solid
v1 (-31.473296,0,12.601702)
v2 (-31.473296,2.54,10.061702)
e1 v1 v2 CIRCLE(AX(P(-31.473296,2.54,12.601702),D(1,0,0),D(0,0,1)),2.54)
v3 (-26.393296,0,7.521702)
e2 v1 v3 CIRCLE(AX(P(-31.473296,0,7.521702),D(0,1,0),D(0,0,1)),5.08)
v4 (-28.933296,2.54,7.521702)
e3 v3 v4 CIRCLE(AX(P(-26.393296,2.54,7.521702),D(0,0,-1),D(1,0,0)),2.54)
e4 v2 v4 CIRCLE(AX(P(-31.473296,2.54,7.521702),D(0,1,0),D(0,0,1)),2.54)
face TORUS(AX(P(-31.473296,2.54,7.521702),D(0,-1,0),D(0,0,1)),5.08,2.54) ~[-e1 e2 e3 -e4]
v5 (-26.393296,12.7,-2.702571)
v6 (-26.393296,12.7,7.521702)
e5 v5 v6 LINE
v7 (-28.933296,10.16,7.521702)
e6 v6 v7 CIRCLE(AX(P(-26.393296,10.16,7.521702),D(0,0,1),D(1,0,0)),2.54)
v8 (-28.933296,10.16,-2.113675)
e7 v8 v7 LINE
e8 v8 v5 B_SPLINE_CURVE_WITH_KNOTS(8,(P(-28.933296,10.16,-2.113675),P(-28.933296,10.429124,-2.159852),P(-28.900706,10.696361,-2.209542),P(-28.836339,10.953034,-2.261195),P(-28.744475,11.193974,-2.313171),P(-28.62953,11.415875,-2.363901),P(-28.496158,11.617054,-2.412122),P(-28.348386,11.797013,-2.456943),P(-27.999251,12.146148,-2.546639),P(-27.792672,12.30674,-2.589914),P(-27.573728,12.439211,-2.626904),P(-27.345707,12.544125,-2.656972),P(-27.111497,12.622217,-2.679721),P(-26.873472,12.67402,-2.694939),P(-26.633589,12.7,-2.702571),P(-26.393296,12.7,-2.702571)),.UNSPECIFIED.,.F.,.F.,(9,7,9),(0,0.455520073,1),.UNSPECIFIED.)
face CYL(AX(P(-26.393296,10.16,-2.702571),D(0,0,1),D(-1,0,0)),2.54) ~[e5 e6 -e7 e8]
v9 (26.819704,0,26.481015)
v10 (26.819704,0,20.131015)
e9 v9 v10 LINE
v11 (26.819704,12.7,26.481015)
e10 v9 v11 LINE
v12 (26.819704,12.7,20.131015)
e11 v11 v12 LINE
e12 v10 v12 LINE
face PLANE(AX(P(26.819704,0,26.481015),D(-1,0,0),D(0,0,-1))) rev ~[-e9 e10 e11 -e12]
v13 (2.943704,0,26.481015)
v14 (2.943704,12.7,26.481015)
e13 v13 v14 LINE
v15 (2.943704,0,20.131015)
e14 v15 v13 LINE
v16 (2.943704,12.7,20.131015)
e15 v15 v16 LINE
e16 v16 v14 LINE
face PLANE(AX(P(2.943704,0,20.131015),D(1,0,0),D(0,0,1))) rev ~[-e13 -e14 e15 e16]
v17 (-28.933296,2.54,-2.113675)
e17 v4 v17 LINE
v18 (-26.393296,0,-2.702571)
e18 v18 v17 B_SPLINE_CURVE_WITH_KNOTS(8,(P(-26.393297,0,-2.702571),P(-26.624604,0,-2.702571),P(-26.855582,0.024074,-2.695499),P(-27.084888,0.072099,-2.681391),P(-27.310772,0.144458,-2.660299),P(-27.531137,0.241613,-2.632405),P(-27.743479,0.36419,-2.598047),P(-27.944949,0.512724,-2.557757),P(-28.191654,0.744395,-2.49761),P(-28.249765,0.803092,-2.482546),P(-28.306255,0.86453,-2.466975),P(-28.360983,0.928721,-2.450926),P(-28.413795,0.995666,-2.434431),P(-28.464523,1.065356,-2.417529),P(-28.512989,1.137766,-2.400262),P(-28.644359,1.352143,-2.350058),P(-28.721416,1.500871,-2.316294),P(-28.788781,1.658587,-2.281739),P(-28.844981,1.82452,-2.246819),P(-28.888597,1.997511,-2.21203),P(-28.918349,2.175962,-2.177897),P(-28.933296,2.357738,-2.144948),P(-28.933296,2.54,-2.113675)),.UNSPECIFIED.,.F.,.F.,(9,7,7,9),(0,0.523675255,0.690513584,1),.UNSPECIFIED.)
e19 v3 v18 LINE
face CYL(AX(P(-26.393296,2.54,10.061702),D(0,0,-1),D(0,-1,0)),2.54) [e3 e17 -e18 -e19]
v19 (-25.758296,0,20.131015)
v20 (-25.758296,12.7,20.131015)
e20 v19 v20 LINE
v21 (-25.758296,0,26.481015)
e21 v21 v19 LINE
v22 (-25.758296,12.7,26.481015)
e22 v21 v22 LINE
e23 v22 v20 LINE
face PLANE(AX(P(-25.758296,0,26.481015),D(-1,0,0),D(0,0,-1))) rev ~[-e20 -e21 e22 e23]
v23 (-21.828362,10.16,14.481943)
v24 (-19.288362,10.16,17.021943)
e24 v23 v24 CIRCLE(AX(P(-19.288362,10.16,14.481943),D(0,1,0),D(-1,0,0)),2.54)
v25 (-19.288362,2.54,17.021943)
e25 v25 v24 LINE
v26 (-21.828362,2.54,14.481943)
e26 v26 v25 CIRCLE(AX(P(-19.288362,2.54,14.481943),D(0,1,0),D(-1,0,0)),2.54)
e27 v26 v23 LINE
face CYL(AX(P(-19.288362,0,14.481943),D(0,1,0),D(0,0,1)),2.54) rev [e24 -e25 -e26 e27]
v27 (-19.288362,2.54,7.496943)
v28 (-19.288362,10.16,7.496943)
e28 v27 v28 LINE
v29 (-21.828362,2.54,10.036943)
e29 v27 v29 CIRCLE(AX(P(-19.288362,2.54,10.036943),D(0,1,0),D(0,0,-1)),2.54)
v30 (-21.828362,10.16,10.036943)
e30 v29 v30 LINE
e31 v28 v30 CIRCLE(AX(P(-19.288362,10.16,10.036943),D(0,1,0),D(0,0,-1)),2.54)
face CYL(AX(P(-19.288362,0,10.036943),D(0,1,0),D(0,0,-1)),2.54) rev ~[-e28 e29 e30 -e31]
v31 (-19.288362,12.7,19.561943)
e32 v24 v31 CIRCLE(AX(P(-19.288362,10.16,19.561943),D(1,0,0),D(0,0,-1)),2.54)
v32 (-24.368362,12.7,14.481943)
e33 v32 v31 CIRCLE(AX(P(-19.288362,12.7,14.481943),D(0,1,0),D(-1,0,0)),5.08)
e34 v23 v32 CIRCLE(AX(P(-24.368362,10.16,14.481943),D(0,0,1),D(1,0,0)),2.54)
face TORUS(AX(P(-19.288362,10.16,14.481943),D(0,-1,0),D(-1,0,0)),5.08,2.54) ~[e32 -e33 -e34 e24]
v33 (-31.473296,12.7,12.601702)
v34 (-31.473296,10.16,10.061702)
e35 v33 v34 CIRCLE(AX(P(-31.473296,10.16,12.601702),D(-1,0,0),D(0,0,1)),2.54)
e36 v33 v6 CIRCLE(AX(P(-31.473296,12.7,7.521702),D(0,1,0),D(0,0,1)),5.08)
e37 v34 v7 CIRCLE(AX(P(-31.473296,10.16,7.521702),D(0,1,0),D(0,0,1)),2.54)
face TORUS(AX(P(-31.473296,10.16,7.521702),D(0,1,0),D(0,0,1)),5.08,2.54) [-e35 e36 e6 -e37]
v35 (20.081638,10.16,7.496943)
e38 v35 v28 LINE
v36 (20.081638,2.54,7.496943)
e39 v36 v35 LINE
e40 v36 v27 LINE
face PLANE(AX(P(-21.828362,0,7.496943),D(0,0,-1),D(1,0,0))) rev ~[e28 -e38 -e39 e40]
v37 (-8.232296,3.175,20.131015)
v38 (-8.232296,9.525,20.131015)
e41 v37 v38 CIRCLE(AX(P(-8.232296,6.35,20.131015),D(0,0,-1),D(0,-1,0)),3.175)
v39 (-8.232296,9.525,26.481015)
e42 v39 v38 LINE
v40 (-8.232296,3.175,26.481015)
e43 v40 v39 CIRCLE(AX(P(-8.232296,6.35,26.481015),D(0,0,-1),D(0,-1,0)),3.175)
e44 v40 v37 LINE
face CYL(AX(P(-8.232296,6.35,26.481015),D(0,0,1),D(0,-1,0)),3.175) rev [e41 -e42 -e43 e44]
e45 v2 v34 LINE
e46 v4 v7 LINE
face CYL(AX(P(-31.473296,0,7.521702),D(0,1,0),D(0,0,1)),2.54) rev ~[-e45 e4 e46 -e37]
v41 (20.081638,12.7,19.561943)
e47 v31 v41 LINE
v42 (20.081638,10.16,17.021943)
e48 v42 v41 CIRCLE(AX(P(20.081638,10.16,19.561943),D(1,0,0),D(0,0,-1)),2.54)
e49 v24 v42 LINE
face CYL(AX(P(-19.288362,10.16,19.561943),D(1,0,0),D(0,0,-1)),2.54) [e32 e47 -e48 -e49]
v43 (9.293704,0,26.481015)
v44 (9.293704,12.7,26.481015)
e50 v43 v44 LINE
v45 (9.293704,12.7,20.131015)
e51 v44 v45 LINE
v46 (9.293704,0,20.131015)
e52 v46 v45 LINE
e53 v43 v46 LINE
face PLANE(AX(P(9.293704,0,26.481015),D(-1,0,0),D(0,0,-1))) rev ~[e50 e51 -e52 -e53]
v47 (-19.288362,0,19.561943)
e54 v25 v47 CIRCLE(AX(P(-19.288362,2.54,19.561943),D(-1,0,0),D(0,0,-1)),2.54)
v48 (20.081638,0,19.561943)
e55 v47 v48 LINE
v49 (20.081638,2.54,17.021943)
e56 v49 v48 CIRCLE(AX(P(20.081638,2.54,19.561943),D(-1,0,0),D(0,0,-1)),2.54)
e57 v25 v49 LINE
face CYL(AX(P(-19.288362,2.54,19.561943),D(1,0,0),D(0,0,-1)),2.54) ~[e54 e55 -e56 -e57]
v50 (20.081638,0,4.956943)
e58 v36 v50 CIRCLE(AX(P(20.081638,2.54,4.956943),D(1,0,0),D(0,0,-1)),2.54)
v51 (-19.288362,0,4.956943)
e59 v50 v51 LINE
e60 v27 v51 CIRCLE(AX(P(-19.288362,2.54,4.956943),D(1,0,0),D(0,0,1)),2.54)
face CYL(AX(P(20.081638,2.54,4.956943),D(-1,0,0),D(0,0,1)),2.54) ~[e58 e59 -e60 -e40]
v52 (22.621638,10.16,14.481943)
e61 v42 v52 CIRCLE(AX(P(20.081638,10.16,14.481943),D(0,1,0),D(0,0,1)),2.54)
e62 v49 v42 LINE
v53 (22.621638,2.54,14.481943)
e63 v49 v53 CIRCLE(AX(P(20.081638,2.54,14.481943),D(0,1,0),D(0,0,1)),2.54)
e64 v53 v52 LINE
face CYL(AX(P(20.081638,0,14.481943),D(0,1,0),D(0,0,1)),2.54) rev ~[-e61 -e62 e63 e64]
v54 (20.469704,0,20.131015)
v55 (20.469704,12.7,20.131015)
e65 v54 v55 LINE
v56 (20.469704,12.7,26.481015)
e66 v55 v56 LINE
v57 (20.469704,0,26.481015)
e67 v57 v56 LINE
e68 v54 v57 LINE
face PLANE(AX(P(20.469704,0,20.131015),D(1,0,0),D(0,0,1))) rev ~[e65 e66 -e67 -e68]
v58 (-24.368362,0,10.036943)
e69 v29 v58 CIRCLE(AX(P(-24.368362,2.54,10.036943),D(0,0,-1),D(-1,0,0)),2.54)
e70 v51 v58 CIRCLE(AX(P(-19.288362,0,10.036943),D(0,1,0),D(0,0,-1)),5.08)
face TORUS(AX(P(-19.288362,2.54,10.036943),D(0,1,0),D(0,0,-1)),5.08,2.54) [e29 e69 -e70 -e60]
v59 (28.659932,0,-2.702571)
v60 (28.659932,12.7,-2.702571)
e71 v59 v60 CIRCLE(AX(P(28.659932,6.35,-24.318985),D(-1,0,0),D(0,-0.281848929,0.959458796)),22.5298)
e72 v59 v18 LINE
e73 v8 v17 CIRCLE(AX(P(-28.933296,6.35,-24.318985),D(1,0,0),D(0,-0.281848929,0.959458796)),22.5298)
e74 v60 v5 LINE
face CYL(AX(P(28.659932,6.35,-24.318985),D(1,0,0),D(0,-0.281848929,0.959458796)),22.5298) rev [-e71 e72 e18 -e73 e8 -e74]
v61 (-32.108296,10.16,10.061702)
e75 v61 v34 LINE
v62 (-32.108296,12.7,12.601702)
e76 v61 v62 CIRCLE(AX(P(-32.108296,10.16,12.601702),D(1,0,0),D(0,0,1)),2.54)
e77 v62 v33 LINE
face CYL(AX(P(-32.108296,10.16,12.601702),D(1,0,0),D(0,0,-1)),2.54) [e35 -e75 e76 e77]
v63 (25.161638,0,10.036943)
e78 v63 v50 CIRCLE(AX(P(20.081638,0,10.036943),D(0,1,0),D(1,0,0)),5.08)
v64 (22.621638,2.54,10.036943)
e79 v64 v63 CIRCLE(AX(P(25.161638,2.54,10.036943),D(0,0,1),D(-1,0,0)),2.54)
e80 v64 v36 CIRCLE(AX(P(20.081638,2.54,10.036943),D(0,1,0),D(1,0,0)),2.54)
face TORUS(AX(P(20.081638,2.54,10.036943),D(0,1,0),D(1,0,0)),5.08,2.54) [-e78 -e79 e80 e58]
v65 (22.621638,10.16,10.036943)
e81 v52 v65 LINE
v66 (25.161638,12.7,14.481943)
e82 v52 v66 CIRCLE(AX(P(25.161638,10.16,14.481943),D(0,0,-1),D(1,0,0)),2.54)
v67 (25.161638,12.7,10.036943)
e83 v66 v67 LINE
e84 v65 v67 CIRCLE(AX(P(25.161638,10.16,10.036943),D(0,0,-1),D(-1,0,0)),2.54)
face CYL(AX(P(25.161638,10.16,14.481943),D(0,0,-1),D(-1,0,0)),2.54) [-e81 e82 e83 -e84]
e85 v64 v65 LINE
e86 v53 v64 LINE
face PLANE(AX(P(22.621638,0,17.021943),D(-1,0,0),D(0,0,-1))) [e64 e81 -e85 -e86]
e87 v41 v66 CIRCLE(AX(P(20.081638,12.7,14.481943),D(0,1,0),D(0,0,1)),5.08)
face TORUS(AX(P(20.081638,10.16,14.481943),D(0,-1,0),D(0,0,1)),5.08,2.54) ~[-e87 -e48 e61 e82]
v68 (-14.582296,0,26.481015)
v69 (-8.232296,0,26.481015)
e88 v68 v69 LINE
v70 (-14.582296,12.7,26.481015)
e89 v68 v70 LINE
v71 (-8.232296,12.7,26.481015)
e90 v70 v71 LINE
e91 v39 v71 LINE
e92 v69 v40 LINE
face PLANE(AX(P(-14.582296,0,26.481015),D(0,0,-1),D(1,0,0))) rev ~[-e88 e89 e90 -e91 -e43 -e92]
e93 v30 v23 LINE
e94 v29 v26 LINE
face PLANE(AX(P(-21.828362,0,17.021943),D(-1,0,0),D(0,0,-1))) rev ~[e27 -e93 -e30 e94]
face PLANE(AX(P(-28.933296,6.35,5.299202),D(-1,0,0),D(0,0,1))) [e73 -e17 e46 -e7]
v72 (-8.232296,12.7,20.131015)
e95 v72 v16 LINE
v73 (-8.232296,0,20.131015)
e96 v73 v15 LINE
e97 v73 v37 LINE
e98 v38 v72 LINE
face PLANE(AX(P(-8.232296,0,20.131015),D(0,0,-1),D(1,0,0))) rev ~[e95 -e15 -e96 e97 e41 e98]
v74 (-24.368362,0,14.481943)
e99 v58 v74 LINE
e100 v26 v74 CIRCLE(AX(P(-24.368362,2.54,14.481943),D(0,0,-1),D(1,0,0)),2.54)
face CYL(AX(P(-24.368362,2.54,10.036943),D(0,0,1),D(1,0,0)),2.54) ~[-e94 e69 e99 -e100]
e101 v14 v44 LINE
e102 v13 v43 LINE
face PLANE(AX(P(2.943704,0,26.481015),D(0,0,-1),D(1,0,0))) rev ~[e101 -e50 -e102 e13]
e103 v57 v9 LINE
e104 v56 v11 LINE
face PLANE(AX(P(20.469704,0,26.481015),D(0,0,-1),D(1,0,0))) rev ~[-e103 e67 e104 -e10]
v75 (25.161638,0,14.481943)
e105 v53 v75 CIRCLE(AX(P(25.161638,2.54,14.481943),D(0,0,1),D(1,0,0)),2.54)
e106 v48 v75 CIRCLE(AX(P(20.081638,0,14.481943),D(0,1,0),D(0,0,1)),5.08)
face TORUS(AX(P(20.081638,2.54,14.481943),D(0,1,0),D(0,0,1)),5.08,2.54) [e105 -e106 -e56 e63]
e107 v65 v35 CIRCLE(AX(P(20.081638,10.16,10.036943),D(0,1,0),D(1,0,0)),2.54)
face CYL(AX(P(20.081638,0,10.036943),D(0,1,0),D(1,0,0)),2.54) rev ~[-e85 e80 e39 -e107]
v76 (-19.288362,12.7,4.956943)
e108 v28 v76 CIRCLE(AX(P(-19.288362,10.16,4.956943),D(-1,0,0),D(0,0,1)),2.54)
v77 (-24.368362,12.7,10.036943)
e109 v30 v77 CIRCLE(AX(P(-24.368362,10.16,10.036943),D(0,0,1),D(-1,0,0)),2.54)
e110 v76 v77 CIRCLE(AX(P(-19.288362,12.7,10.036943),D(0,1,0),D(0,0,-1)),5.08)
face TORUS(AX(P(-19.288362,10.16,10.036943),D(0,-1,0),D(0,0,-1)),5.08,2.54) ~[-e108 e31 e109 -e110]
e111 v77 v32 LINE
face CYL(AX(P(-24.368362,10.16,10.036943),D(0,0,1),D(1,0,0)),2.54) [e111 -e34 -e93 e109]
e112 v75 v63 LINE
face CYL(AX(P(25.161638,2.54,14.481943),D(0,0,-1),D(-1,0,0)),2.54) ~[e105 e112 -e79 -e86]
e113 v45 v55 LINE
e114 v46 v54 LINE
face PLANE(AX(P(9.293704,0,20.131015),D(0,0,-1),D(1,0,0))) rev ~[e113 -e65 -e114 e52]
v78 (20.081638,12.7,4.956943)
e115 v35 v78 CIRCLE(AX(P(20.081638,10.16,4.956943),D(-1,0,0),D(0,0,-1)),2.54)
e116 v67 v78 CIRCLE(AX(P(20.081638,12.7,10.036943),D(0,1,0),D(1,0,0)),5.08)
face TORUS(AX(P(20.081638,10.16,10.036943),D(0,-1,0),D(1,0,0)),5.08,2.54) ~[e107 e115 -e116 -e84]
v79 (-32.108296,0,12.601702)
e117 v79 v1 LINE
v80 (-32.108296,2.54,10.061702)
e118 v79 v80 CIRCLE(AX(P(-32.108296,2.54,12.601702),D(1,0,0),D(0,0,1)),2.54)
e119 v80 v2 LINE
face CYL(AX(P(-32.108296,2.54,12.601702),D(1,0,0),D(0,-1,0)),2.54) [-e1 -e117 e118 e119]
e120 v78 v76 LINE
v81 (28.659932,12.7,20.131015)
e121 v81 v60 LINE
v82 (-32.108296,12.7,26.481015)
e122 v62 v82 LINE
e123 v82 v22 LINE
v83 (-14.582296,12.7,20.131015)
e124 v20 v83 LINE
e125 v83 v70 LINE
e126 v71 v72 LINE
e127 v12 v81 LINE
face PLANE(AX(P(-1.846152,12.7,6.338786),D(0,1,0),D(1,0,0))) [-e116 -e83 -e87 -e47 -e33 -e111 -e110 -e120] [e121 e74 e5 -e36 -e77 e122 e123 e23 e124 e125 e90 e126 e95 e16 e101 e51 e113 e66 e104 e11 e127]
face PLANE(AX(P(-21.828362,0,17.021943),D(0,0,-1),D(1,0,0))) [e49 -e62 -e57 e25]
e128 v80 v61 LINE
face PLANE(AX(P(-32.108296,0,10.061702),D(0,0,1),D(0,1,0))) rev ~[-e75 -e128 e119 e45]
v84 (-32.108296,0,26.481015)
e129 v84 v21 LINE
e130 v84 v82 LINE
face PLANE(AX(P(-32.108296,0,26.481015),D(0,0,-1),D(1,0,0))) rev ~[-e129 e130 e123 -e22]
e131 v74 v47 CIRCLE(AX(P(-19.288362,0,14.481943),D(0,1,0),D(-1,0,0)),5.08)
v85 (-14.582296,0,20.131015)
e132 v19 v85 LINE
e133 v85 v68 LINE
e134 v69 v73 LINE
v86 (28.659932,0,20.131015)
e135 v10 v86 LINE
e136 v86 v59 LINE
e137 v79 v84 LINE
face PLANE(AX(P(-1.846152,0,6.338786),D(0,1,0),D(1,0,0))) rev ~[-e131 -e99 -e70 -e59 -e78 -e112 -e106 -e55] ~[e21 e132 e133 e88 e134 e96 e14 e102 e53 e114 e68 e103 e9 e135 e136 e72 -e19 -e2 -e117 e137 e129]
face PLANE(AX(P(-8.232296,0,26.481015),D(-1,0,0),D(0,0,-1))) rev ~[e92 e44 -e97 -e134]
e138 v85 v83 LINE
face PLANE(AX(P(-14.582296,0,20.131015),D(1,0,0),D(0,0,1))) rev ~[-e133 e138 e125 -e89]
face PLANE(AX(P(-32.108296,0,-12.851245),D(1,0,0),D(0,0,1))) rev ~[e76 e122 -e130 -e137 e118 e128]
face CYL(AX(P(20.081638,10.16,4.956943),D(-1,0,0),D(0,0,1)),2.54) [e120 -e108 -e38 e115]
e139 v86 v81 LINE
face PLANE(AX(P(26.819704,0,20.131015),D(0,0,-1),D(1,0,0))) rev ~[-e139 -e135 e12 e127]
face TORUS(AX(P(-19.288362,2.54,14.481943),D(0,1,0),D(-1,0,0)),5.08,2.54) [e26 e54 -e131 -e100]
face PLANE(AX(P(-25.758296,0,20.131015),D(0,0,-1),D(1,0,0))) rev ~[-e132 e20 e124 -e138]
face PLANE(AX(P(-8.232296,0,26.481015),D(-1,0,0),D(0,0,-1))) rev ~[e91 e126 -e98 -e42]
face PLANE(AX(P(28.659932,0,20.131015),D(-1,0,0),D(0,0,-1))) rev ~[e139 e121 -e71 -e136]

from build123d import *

# Parameters (mm, degrees)
SKETCH1_W           = 44.45
SKETCH1_H           = 9.525
BOSS_EXTRUDE1_DEPTH = 12.7
FILLET1_R           = 2.54
FILLET2_R           = 2.54
CUT_EXTRUDE2_DEPTH  = 6.35
CUT_EXTRUDE6_DEPTH  = 68.493049433
CUT_EXTRUDE7_DEPTH  = 3.175
SKETCH5_W           = 9.525
SKETCH5_H           = 12.7
CUT_EXTRUDE8_DEPTH  = 3.175
FILLET3_R           = 2.54


with BuildPart() as part:
    # Sketch1 → Boss-Extrude1 (new body)
    with BuildSketch(Plane(origin=(0, 0, 0), x_dir=(1, 0, 0), z_dir=(0, 1, 0))):
        Polygon((26.819703528, -20.131014632), (28.659931952, -20.131014632), (28.659931952, 17.968985368), (-28.898317878, 17.968985368), (-28.898317878, 12.851244956), (-32.108296472, 12.851244956), (-32.108296472, -20.131014632), (-32.108296472, -26.481014632), (-25.758296472, -26.481014632), (-25.758296472, -20.131014632), (-14.582296472, -20.131014632), (-14.582296472, -26.481014632), (-8.232296472, -26.481014632), (-8.232296472, -20.131014632), (2.943703528, -20.131014632), (2.943703528, -26.481014632), (9.293703528, -26.481014632), (9.293703528, -20.131014632), (20.469703528, -20.131014632), (20.469703528, -26.481014632), (26.819703528, -26.481014632), align=None)
        with Locations((0.396638353, -12.259443339)):
            Rectangle(SKETCH1_W, SKETCH1_H, mode=Mode.SUBTRACT)
    extrude(amount=BOSS_EXTRUDE1_DEPTH)

    # Fillet1
    fillet1_edges = [part.edges().sort_by_distance(p)[0] for p in [
        (22.621638353, 6.35, 17.021943339),
        (22.621638353, 6.35, 7.496943339),
        (-21.828361647, 6.35, 7.496943339),
        (-21.828361647, 6.35, 17.021943339),
    ]]
    fillet(fillet1_edges, radius=FILLET1_R)

    # Fillet2
    fillet2_edges = [part.edges().sort_by_distance(p)[0] for p in [
        (0.396638353, 0, 17.021943339),
        (0.396638353, 12.7, 17.021943339),
        (22.621638353, 0, 12.259443339),
        (22.621638353, 12.7, 12.259443339),
        (0.396638353, 0, 7.496943339),
        (0.396638353, 12.7, 7.496943339),
        (-21.828361647, 0, 12.259443339),
        (-21.828361647, 12.7, 12.259443339),
        (21.877689577, 0, 16.277994563),
        (21.877689577, 12.7, 16.277994563),
        (21.877689577, 0, 8.240892115),
        (21.877689577, 12.7, 8.240892115),
        (-21.084412871, 0, 8.240892115),
        (-21.084412871, 12.7, 8.240892115),
        (-21.084412871, 0, 16.277994563),
        (-21.084412871, 12.7, 16.277994563),
    ]]
    fillet(fillet2_edges, radius=FILLET2_R)

    # Sketch3 → Cut-Extrude2 (cut)
    with BuildSketch(Plane.XY.offset(26.481014632)):
        with BuildLine():
            Line((-8.232296472, 9.525), (-8.232296472, 3.175))
            ThreePointArc((-8.232296472, 3.175), (-11.407296472, 6.35), (-8.232296472, 9.525))
        make_face()
    extrude(amount=-CUT_EXTRUDE2_DEPTH, mode=Mode.SUBTRACT)

    # Sketch2 → Cut-Extrude6 (cut, through all)
    with BuildSketch(Plane(origin=(28.659931952, 0, 0), x_dir=(0, 0, -1), z_dir=(1, 0, 0))):
        with BuildLine():
            Line((2.702570586, 12.7), (17.968985368, 12.7))
            Line((17.968985368, 12.7), (17.968985368, 0))
            Line((17.968985368, 0), (2.702570586, 0))
            ThreePointArc((2.702570586, 0), (1.789185368, 6.35), (2.702570586, 12.7))
        make_face()
    extrude(amount=-CUT_EXTRUDE6_DEPTH, mode=Mode.SUBTRACT)

    # Sketch4 → Cut-Extrude7 (cut)
    with BuildSketch(Plane.ZY.offset(32.108296472)):
        with BuildLine():
            Line((0.536702432, 0), (-10.240735591, 0))
            Line((-10.240735591, 0), (-10.240735591, 12.7))
            Line((-10.240735591, 12.7), (0.536702432, 12.7))
            ThreePointArc((0.536702432, 12.7), (1.335014632, 6.35), (0.536702432, 0))
        make_face()
    extrude(amount=-CUT_EXTRUDE7_DEPTH, mode=Mode.SUBTRACT)

    # Sketch5 → Cut-Extrude8 (cut)
    with BuildSketch(Plane.ZY.offset(32.108296472)):
        with Locations((5.299202432, 6.35)):
            Rectangle(SKETCH5_W, SKETCH5_H)
    extrude(amount=-CUT_EXTRUDE8_DEPTH, mode=Mode.SUBTRACT)

    # Fillet3
    fillet3_edges = [part.edges().sort_by_distance(p)[0] for p in [
        (-28.933296472, 0, 3.679565923),
        (-28.933296472, 12.7, 3.679565923),
        (-28.933296472, 6.35, 10.061702432),
        (-30.520796472, 12.7, 10.061702432),
        (-30.520796472, 0, 10.061702432),
    ]]
    fillet(fillet3_edges, radius=FILLET3_R)


solid = part.part
